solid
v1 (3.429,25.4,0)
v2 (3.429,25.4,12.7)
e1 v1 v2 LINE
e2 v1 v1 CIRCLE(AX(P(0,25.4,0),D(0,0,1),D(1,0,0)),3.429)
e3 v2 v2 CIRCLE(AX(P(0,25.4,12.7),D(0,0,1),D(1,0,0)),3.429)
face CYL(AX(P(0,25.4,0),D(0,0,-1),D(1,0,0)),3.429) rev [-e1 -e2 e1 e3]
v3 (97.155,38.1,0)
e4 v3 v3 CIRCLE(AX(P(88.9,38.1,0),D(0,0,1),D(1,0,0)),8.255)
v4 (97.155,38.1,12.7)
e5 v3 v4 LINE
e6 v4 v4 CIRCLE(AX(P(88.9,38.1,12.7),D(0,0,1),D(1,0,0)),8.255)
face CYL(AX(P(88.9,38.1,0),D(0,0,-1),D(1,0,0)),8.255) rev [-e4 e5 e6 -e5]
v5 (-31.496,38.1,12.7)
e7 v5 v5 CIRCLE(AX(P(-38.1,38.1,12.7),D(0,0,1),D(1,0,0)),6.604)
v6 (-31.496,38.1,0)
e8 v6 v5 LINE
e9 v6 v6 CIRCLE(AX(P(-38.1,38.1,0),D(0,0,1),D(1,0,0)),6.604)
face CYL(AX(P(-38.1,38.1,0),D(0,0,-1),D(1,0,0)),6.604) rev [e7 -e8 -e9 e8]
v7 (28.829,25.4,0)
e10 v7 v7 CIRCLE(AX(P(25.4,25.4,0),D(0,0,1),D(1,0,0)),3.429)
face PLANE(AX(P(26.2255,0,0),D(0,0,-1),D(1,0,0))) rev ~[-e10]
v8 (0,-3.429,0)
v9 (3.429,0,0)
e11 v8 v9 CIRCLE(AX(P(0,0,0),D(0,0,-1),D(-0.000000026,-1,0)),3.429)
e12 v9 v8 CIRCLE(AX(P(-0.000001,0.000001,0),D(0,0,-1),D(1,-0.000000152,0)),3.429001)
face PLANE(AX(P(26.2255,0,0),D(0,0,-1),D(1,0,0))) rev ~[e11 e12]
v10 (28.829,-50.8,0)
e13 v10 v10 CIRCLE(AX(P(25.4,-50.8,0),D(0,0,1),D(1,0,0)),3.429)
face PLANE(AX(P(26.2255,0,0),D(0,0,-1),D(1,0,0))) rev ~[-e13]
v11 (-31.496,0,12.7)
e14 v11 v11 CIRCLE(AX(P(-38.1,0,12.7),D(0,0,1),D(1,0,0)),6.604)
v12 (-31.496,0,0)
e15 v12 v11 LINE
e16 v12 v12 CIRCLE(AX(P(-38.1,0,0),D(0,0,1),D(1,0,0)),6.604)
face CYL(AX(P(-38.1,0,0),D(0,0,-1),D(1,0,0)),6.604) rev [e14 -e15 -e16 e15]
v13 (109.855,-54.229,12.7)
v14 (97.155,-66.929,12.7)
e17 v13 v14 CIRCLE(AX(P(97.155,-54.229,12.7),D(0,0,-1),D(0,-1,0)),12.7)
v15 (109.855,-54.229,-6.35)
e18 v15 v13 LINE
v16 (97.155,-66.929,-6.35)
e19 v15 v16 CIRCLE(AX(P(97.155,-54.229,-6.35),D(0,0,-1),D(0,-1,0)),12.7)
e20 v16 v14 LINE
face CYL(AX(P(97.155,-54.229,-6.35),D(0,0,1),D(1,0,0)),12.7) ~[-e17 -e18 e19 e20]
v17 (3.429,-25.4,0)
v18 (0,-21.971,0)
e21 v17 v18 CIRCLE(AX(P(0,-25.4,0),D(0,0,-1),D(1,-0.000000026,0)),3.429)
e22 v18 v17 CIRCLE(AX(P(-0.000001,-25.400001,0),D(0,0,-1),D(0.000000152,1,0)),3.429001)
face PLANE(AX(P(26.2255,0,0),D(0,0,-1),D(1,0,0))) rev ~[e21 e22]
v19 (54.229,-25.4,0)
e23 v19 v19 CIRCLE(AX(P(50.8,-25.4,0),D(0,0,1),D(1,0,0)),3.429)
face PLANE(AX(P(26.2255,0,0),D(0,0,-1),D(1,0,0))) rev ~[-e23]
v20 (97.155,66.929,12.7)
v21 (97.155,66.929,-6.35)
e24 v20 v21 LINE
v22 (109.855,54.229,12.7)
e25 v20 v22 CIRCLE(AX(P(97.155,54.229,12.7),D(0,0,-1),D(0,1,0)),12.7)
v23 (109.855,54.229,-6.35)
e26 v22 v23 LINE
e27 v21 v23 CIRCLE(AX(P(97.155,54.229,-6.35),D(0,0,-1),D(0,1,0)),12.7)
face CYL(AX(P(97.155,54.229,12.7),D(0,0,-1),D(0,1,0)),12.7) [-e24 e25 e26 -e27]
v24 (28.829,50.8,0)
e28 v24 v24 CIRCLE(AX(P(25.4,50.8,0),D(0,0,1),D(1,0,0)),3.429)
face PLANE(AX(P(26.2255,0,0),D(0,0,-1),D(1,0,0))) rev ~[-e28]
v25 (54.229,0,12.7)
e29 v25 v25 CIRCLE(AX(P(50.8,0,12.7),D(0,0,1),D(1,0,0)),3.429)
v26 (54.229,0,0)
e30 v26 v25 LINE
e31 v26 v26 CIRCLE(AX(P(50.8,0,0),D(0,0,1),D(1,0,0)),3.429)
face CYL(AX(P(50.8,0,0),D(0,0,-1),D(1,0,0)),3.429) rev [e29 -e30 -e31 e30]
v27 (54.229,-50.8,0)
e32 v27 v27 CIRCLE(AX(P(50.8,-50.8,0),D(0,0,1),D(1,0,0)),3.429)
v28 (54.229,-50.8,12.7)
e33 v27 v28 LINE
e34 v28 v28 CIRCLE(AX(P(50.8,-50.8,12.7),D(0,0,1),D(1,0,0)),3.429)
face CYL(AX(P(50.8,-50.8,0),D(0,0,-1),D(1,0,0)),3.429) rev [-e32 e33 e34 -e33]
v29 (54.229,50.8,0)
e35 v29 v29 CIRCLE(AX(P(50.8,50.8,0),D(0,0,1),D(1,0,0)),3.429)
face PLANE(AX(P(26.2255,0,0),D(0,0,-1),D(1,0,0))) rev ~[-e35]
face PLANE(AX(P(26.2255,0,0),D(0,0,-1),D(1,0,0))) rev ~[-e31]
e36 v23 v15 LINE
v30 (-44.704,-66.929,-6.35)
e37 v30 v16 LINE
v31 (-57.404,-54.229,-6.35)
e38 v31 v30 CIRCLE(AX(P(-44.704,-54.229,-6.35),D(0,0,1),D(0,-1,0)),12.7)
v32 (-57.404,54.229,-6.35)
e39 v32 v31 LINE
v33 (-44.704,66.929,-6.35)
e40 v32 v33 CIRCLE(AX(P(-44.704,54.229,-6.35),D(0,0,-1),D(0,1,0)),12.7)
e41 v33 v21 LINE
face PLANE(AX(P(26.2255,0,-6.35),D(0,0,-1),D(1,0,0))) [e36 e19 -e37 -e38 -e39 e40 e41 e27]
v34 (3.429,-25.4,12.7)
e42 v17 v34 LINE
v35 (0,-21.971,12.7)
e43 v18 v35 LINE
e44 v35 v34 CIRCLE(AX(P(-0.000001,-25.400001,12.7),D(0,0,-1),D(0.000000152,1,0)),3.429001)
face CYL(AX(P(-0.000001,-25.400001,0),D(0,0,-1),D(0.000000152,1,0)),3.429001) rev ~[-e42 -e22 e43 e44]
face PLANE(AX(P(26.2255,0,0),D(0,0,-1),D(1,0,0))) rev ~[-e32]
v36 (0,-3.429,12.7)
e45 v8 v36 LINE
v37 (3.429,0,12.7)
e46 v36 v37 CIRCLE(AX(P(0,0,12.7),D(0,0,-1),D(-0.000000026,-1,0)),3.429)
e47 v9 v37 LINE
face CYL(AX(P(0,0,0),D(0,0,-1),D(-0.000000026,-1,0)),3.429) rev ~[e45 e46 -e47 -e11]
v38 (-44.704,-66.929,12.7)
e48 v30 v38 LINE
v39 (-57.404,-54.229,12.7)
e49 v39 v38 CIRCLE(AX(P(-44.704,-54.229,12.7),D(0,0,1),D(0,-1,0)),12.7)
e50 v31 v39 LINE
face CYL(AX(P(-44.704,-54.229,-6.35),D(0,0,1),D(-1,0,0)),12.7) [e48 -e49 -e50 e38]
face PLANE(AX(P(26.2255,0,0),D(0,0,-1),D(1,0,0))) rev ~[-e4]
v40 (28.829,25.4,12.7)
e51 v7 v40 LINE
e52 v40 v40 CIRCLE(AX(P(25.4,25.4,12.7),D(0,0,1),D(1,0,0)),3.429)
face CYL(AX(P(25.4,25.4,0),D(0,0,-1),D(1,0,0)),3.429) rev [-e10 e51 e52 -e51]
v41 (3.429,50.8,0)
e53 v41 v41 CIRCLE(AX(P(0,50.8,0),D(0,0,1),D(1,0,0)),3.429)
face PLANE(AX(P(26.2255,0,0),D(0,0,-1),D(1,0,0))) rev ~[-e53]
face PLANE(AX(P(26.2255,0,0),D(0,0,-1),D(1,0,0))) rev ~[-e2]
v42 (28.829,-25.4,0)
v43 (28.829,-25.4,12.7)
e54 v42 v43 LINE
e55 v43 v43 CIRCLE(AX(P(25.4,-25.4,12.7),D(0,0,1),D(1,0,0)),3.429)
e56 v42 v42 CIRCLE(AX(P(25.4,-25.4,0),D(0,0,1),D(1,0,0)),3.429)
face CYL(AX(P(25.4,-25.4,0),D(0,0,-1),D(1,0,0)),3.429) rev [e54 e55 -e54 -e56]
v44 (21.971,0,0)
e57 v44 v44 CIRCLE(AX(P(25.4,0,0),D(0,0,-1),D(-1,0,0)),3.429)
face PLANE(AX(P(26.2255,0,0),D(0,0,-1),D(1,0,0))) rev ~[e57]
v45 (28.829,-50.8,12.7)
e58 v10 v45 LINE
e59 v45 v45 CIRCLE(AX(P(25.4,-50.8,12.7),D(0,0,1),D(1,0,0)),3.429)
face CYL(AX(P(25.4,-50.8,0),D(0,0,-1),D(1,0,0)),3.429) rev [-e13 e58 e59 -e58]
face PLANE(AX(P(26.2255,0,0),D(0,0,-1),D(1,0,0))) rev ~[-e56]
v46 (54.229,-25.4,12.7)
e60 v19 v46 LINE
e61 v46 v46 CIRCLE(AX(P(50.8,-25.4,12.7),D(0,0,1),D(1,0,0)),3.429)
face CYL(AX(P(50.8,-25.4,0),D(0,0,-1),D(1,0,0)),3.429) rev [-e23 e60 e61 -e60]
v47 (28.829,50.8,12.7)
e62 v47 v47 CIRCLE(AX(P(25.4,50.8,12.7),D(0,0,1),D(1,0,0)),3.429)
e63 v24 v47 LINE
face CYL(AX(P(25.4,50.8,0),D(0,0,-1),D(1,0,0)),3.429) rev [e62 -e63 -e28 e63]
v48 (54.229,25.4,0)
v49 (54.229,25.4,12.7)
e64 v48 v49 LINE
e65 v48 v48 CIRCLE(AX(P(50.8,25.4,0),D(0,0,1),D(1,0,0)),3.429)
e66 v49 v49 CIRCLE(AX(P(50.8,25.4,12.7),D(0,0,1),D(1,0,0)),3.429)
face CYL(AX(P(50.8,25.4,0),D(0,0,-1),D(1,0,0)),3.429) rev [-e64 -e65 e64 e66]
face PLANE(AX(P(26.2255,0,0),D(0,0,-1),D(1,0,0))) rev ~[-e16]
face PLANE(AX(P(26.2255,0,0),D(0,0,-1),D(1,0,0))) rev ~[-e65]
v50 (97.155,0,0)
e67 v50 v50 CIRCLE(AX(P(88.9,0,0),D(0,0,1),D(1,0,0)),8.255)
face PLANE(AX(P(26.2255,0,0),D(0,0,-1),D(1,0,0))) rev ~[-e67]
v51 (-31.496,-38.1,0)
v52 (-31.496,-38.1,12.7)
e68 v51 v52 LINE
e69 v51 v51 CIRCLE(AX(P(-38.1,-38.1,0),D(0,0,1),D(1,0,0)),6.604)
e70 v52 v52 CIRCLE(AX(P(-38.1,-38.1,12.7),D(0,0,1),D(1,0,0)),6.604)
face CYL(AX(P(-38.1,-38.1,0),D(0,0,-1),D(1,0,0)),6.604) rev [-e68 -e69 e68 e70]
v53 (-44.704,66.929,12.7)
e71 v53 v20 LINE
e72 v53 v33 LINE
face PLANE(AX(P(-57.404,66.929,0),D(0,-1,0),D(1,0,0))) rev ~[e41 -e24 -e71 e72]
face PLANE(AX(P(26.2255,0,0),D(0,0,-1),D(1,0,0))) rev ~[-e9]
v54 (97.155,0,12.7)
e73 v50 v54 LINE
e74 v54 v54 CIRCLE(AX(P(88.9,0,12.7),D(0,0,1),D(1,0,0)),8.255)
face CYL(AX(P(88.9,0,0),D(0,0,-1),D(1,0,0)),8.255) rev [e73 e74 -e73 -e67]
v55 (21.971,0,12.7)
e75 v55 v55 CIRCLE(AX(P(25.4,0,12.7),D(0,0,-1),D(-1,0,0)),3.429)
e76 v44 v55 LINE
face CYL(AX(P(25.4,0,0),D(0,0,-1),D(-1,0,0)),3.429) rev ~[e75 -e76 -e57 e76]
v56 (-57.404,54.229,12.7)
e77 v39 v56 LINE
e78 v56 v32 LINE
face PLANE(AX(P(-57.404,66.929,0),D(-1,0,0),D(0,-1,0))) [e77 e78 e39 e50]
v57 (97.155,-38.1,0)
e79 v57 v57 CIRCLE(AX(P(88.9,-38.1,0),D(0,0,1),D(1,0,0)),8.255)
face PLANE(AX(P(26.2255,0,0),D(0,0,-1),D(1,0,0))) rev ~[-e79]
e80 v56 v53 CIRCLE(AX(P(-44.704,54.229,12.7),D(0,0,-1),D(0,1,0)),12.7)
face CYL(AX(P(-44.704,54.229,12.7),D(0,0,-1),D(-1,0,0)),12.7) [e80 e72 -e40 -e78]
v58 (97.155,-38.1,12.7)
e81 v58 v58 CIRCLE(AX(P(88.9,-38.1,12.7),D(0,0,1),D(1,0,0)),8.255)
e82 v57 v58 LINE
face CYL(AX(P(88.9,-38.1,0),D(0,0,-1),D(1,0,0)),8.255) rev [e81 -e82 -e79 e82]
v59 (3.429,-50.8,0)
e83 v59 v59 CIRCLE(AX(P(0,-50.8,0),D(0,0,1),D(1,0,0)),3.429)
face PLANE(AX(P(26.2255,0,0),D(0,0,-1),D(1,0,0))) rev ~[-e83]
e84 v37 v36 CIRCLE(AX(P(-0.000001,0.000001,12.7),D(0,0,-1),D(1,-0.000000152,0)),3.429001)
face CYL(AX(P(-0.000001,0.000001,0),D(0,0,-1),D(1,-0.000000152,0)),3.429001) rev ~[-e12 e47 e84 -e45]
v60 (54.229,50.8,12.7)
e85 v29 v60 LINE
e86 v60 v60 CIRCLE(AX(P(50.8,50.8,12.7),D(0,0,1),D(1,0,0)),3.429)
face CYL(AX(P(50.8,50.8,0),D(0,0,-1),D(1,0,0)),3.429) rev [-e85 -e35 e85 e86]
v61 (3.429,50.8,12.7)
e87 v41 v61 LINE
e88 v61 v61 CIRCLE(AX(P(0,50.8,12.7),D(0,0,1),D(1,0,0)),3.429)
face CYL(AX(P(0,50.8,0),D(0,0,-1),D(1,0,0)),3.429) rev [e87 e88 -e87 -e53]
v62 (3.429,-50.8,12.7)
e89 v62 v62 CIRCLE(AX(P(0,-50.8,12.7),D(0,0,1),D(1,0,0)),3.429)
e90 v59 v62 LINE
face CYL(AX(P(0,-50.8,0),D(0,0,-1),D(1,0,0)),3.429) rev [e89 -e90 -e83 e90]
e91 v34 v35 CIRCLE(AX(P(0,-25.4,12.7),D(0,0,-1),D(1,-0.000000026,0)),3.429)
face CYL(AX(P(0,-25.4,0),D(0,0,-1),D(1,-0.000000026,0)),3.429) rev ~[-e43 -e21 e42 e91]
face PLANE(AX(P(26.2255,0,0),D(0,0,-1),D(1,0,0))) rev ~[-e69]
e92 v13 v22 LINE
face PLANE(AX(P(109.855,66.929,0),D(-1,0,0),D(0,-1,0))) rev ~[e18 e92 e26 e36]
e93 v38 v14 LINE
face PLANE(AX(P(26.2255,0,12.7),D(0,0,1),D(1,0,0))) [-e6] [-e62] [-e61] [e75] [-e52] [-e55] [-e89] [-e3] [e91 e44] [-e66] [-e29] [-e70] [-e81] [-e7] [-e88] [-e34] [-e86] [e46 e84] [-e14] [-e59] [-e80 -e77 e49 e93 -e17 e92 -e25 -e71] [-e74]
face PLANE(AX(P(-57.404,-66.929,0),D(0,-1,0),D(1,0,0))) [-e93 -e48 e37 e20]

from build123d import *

# Parameters (mm, degrees)
F0_W     = 167.259
F0_H     = 133.858
F0_R     = 6.604
F0_R_2   = 3.429
F0_R_3   = 8.255
F1_DEPTH = 12.7
F2_W     = 167.259
F2_H     = 133.858
F3_DEPTH = 6.35
F4_R     = 12.7


with BuildPart() as f1:
    # F0 (on Top) → F1 (new body)
    with BuildSketch(Plane.XY):
        with Locations((26.2255, 0)):
            Rectangle(F0_W, F0_H)
        with Locations((-38.1, -38.1)):
            Circle(F0_R, mode=Mode.SUBTRACT)
        with Locations((0, -50.8)):
            Circle(F0_R_2, mode=Mode.SUBTRACT)
        with Locations((25.4, -50.8)):
            Circle(F0_R_2, mode=Mode.SUBTRACT)
        with BuildLine():
            ThreePointArc((3.429, -25.4), (-2.424669, -27.824669), (0, -21.971))
            ThreePointArc((0, -21.971), (2.424669, -22.975331), (3.429, -25.4))
        make_face(mode=Mode.SUBTRACT)
        with Locations((25.4, -25.4)):
            Circle(F0_R_2, mode=Mode.SUBTRACT)
        with Locations((50.8, -50.8)):
            Circle(F0_R_2, mode=Mode.SUBTRACT)
        with Locations((88.9, -38.1)):
            Circle(F0_R_3, mode=Mode.SUBTRACT)
        with Locations((50.8, -25.4)):
            Circle(F0_R_2, mode=Mode.SUBTRACT)
        with Locations((-38.1, 0)):
            Circle(F0_R, mode=Mode.SUBTRACT)
        with BuildLine():
            ThreePointArc((0, -3.429), (-2.424669, 2.424669), (3.429, 0))
            ThreePointArc((3.429, 0), (2.424669, -2.424669), (0, -3.429))
        make_face(mode=Mode.SUBTRACT)
        with BuildLine():
            ThreePointArc((28.829, 0), (25.4, -3.429), (21.971, 0))
            ThreePointArc((21.971, 0), (25.4, 3.429), (28.829, 0))
        make_face(mode=Mode.SUBTRACT)
        with Locations((0, 25.4)):
            Circle(F0_R_2, mode=Mode.SUBTRACT)
        with Locations((25.4, 25.4)):
            Circle(F0_R_2, mode=Mode.SUBTRACT)
        with Locations((-38.1, 38.1)):
            Circle(F0_R, mode=Mode.SUBTRACT)
        with Locations((0, 50.8)):
            Circle(F0_R_2, mode=Mode.SUBTRACT)
        with Locations((25.4, 50.8)):
            Circle(F0_R_2, mode=Mode.SUBTRACT)
        with Locations((50.8, 0)):
            Circle(F0_R_2, mode=Mode.SUBTRACT)
        with Locations((50.8, 25.4)):
            Circle(F0_R_2, mode=Mode.SUBTRACT)
        with Locations((88.9, 0)):
            Circle(F0_R_3, mode=Mode.SUBTRACT)
        with Locations((50.8, 50.8)):
            Circle(F0_R_2, mode=Mode.SUBTRACT)
        with Locations((88.9, 38.1)):
            Circle(F0_R_3, mode=Mode.SUBTRACT)
    extrude(amount=F1_DEPTH)

    # F2 (on face) → F3 (join)
    with BuildSketch(Plane(origin=(0, 0, 0), x_dir=(1, 0, 0), z_dir=(0, 0, -1))):
        with Locations((26.2255, 0)):
            Rectangle(F2_W, F2_H)
    extrude(amount=F3_DEPTH)

    # F4
    f4_edges = [f1.edges().sort_by_distance(p)[0] for p in [
        (-57.404, -66.929, 3.175),
        (-57.404, 66.929, 3.175),
        (109.855, -66.929, 3.175),
        (109.855, 66.929, 3.175),
    ]]
    fillet(f4_edges, radius=F4_R)


solid = f1.part
